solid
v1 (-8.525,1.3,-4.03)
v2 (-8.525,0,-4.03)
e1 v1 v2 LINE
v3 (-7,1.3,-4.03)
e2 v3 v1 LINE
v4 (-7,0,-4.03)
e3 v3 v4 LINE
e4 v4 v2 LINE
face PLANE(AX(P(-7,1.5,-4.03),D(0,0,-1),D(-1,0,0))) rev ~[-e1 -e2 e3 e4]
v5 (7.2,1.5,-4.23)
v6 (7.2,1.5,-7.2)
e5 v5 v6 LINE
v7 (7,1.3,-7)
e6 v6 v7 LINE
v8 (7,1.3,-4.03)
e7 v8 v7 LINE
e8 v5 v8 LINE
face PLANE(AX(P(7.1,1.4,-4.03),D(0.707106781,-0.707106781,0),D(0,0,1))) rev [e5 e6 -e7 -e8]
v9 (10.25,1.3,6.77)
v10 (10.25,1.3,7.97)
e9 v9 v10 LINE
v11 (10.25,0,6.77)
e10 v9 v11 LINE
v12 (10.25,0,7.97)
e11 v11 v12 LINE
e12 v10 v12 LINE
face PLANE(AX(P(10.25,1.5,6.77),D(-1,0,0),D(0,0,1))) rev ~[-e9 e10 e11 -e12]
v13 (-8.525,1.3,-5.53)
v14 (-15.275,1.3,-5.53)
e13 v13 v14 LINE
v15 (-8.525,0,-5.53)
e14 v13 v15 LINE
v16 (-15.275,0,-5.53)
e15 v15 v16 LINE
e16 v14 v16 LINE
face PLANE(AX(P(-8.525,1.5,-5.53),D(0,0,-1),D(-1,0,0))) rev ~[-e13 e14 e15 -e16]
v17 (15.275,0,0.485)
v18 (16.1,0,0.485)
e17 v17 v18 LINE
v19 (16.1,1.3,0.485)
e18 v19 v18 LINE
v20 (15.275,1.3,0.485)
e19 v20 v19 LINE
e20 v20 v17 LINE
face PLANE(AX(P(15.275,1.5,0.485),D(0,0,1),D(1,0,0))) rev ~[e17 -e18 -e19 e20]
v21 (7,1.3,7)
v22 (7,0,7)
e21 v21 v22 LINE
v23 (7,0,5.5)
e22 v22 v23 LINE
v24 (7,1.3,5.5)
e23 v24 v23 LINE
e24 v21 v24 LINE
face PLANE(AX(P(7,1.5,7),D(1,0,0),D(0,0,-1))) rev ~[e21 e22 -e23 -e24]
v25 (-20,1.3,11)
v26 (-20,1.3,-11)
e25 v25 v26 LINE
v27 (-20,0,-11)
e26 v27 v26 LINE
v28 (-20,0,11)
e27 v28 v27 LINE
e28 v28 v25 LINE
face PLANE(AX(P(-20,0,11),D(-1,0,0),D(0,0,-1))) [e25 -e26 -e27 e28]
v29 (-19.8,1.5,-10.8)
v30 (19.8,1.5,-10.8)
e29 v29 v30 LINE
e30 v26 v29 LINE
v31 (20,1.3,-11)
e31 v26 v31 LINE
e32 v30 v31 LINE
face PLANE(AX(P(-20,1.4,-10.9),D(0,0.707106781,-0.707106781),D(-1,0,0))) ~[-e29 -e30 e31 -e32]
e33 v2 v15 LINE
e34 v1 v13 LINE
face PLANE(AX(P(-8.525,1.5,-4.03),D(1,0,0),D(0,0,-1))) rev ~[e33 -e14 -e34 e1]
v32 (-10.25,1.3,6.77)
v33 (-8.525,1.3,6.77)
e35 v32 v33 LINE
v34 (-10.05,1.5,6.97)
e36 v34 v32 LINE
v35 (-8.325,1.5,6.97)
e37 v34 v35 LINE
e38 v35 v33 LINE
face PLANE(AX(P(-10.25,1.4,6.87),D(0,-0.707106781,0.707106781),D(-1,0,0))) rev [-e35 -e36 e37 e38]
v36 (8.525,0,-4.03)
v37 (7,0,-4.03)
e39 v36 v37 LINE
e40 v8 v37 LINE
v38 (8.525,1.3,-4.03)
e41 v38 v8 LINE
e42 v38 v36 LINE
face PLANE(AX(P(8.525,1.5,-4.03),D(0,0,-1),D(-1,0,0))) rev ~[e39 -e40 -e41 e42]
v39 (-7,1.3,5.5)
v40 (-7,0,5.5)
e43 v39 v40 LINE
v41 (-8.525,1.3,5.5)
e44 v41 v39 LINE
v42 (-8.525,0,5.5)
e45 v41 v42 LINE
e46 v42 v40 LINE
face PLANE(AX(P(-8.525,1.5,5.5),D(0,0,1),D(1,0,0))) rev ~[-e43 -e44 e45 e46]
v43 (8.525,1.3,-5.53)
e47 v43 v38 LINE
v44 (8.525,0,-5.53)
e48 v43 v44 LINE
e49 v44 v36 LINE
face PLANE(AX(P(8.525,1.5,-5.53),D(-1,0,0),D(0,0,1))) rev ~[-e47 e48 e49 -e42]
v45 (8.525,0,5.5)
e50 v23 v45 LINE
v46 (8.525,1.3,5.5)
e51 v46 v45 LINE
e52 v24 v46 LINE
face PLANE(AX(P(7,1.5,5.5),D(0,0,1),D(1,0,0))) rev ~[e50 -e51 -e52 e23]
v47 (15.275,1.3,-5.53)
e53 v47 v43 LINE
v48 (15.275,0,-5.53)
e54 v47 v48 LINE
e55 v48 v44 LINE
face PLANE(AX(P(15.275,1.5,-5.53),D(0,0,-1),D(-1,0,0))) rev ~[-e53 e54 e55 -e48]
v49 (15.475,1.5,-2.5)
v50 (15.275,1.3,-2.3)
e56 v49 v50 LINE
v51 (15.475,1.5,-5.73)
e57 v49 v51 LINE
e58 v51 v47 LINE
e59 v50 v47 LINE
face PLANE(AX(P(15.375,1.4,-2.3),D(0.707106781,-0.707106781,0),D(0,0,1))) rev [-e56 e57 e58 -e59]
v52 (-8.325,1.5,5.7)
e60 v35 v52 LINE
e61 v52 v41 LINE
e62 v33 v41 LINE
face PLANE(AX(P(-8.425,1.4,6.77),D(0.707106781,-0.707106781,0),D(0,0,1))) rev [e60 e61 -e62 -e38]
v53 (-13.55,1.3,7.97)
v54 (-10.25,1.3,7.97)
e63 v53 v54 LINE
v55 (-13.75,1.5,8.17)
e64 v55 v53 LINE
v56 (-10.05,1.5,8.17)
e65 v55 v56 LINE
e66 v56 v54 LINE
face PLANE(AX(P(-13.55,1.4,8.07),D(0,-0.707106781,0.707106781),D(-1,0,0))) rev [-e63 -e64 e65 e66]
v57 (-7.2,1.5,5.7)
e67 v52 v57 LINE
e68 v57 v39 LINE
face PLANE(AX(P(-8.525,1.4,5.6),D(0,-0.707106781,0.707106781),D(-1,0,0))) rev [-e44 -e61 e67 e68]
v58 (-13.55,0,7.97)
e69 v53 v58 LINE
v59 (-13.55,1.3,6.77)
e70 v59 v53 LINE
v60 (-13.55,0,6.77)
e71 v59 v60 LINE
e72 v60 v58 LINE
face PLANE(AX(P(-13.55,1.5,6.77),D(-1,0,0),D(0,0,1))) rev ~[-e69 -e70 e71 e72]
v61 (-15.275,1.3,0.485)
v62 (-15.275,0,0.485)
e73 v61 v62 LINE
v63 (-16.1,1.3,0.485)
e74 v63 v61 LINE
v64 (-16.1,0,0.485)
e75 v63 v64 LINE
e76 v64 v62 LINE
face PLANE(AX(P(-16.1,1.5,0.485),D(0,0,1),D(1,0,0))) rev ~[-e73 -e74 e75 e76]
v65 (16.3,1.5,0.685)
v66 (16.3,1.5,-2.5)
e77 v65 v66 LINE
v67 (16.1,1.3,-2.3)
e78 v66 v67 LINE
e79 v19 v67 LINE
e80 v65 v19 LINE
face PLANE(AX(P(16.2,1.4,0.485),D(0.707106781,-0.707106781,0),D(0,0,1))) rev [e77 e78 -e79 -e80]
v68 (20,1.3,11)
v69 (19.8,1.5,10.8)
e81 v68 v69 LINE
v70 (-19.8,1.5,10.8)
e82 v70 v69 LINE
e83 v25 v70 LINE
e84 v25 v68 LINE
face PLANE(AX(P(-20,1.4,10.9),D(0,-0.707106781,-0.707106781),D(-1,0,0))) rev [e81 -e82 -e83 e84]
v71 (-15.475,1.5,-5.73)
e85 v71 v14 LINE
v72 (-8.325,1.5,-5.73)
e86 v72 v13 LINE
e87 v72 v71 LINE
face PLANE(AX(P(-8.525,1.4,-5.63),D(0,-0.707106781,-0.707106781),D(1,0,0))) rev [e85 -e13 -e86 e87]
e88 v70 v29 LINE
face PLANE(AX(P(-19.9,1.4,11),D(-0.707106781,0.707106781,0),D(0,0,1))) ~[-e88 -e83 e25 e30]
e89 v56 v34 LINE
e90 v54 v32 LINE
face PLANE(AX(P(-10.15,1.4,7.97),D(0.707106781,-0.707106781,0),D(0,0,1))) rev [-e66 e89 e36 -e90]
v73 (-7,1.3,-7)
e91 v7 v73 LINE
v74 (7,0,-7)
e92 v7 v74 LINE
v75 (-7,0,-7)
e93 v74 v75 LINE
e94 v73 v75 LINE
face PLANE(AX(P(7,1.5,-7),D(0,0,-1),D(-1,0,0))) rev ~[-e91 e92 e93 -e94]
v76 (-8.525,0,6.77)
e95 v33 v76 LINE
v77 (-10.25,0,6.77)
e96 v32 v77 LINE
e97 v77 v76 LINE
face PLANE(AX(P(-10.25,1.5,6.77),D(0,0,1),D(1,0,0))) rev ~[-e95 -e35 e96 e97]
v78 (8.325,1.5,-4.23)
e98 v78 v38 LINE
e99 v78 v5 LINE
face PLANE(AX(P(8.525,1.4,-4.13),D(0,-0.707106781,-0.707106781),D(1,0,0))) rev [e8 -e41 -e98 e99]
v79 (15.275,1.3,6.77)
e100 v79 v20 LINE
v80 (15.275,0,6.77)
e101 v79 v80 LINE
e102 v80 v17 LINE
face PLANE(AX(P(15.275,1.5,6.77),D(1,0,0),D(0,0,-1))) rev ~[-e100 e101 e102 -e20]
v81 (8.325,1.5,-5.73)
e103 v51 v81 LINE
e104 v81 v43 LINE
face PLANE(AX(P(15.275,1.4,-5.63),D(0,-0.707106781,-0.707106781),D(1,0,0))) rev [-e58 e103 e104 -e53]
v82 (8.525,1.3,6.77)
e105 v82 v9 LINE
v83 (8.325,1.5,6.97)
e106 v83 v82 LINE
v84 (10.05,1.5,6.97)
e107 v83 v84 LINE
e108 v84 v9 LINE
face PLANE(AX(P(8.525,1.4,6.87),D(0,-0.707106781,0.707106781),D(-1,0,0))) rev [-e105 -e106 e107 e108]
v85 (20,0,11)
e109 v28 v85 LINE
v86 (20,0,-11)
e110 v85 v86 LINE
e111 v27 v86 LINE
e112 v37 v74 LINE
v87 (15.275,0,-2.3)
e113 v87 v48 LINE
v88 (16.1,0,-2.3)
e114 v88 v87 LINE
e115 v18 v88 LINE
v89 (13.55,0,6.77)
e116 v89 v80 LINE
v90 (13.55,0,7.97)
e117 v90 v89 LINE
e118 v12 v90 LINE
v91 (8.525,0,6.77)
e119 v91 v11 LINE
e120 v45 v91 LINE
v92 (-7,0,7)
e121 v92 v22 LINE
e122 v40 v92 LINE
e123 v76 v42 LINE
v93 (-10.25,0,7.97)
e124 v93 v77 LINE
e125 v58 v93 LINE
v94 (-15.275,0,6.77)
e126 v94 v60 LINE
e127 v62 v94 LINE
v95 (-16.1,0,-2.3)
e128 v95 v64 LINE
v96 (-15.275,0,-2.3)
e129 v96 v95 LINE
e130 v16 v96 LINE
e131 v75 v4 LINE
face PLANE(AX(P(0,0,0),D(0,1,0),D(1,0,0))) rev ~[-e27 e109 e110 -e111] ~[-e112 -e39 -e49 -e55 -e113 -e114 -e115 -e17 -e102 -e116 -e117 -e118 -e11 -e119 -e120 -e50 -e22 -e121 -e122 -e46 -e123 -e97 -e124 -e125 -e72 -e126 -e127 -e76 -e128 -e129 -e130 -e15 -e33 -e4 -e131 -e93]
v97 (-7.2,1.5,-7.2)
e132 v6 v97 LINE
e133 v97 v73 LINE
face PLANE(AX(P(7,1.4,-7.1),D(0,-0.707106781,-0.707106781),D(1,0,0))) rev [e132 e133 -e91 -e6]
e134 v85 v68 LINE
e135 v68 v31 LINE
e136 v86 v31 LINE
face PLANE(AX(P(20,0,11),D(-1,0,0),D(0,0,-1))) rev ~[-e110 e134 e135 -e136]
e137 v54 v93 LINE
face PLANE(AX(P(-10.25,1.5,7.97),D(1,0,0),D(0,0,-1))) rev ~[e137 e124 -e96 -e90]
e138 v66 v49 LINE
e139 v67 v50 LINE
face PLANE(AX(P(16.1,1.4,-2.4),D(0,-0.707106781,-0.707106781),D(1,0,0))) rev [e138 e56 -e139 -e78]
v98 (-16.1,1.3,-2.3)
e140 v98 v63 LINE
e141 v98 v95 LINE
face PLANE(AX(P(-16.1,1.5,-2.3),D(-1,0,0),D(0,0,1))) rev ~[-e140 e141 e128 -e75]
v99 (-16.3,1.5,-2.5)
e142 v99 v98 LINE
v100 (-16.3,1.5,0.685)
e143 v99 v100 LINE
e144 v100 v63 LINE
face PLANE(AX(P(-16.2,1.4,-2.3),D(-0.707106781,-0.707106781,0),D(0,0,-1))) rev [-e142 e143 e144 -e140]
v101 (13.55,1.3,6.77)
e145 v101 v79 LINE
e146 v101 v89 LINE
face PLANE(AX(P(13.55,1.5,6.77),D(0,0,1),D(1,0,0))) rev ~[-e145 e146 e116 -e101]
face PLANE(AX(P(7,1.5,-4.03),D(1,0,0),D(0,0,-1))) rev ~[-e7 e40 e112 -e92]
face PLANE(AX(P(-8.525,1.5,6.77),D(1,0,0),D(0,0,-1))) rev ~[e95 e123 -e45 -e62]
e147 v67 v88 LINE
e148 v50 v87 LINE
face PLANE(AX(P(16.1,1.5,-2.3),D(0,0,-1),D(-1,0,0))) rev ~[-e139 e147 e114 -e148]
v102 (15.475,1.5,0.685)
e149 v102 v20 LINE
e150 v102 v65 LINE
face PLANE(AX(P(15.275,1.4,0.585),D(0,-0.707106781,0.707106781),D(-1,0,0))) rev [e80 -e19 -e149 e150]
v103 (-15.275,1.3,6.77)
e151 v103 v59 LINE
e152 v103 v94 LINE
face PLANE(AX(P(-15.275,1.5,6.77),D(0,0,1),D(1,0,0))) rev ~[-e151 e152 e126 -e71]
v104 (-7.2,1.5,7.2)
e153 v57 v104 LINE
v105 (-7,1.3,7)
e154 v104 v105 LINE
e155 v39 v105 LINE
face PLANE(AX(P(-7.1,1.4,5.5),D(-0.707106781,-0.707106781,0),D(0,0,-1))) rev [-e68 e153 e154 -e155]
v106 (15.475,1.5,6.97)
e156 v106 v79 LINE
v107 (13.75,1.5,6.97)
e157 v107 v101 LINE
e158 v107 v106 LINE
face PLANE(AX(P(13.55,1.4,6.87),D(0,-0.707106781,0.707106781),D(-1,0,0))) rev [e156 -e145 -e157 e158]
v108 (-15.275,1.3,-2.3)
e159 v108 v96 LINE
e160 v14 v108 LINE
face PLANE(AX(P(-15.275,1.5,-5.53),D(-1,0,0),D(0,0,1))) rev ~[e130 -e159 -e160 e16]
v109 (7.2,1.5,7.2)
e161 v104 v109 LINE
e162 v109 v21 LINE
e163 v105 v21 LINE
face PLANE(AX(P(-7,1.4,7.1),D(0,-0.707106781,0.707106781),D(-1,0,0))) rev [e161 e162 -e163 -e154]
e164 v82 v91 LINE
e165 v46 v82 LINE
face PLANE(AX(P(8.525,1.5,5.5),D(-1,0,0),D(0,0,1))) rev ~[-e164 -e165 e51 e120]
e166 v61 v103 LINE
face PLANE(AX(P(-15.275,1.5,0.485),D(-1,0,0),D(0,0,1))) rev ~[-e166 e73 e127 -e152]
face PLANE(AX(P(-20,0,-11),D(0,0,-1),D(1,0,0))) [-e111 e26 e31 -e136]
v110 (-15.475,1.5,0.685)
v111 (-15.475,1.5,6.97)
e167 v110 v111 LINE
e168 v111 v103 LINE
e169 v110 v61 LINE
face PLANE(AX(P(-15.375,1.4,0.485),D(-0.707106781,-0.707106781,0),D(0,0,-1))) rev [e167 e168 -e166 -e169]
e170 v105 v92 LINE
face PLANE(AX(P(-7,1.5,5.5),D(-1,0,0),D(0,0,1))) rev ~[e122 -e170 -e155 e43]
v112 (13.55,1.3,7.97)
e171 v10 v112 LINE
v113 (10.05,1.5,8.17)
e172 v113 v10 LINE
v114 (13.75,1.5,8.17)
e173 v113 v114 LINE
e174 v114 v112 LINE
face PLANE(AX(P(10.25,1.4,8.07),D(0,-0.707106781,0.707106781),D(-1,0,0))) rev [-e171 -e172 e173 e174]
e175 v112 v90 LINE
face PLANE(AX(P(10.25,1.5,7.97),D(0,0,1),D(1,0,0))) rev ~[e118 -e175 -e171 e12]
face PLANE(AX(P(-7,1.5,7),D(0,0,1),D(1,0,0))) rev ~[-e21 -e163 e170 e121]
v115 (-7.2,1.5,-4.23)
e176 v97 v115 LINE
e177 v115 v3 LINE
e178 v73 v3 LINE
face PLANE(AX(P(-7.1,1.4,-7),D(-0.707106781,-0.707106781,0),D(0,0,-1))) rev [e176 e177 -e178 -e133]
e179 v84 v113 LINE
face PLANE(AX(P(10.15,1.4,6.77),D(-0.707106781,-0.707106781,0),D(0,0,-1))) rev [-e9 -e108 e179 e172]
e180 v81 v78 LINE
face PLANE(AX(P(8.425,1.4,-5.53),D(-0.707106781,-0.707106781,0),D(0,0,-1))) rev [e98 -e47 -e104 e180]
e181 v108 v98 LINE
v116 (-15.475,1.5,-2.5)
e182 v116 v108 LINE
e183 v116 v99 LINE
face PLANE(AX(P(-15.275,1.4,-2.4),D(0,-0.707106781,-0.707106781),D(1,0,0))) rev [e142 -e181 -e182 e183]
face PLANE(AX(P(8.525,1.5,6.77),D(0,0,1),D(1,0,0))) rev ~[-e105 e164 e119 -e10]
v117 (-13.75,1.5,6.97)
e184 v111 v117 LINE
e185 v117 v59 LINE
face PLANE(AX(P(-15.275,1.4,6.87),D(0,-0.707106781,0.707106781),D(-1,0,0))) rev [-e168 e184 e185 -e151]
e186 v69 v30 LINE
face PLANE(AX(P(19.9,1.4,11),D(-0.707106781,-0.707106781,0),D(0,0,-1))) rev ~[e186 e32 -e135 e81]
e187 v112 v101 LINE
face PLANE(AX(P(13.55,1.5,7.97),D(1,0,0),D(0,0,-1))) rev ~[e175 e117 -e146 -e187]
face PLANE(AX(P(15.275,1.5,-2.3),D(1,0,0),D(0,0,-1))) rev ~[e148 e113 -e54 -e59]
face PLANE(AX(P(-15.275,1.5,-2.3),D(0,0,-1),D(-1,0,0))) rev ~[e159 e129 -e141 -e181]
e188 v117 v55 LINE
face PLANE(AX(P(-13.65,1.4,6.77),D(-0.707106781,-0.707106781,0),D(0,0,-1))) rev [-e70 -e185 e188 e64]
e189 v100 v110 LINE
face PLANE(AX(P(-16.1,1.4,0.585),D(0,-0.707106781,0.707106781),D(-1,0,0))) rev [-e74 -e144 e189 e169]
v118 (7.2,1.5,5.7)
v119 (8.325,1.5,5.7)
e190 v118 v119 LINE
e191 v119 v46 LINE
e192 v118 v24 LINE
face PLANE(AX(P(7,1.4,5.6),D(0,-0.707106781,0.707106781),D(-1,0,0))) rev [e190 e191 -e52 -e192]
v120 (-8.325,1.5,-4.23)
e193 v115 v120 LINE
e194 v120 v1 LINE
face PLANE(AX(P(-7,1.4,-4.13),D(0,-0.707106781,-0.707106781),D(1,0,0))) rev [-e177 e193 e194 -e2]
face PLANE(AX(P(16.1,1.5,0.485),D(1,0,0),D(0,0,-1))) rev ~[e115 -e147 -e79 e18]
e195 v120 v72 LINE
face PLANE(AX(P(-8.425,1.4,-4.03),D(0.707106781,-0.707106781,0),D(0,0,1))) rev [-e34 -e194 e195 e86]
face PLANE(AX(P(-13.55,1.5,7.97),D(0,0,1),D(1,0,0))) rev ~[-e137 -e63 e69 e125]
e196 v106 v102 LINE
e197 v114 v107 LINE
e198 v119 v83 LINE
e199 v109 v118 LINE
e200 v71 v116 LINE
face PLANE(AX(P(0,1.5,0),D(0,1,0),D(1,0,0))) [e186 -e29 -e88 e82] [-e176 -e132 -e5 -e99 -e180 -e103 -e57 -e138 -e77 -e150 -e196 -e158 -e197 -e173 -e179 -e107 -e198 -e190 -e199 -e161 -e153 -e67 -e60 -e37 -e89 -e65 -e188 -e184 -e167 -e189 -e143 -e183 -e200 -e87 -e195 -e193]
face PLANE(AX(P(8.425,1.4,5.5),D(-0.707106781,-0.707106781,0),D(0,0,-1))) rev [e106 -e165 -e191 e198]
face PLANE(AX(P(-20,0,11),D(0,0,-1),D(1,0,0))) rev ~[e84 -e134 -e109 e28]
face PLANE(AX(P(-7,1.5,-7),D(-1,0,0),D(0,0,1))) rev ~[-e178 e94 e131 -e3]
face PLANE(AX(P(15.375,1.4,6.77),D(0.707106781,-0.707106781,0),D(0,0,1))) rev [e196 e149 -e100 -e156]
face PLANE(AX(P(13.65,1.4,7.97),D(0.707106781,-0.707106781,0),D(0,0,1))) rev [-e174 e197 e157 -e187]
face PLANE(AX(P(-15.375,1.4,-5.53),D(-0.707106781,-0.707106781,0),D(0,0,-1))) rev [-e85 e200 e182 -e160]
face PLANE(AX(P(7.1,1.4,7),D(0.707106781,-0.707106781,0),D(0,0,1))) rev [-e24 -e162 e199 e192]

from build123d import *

# Parameters (mm, degrees)
SKETCH1_W           = 40
SKETCH1_H           = 22
BOSS_EXTRUDE1_DEPTH = 1.5
CUT_EXTRUDE1_DEPTH  = 2.5
CHAMFER1_SIZE       = 0.2


with BuildPart() as part:
    # Sketch1 → Boss-Extrude1 (new body)
    with BuildSketch(Plane(origin=(0, 0, 0), x_dir=(1, 0, 0), z_dir=(0, 1, 0))):
        Rectangle(SKETCH1_W, SKETCH1_H)
    extrude(amount=BOSS_EXTRUDE1_DEPTH)

    # Sketch2 → Cut-Extrude1 (cut, through all)
    with BuildSketch(Plane(origin=(0, 1.5, 0), x_dir=(1, 0, 0), z_dir=(0, 1, 0))):
        Polygon((-7, 4.03), (-8.525, 4.03), (-8.525, 5.53), (-15.275, 5.53), (-15.275, 2.3), (-16.1, 2.3), (-16.1, -0.485), (-15.275, -0.485), (-15.275, -6.77), (-13.55, -6.77), (-13.55, -7.97), (-10.25, -7.97), (-10.25, -6.77), (-8.525, -6.77), (-8.525, -5.5), (-7, -5.5), (-7, -7), (7, -7), (7, -5.5), (8.525, -5.5), (8.525, -6.77), (10.25, -6.77), (10.25, -7.97), (13.55, -7.97), (13.55, -6.77), (15.275, -6.77), (15.275, -0.485), (16.1, -0.485), (16.1, 2.3), (15.275, 2.3), (15.275, 5.53), (8.525, 5.53), (8.525, 4.03), (7, 4.03), (7, 7), (-7, 7), align=None)
    extrude(amount=-CUT_EXTRUDE1_DEPTH, mode=Mode.SUBTRACT)

    # Chamfer1
    chamfer1_edges = [part.edges().sort_by_distance(p)[0] for p in [
        (-20, 1.5, 0),
        (0, 1.5, 11),
        (20, 1.5, 0),
        (7, 1.5, 6.25),
        (7.7625, 1.5, 5.5),
        (8.525, 1.5, 6.135),
        (9.3875, 1.5, 6.77),
        (10.25, 1.5, 7.37),
        (11.9, 1.5, 7.97),
        (13.55, 1.5, 7.37),
        (14.4125, 1.5, 6.77),
        (15.275, 1.5, 3.6275),
        (15.6875, 1.5, 0.485),
        (16.1, 1.5, -0.9075),
        (15.6875, 1.5, -2.3),
        (15.275, 1.5, -3.915),
        (11.9, 1.5, -5.53),
        (8.525, 1.5, -4.78),
        (7.7625, 1.5, -4.03),
        (7, 1.5, -5.515),
        (0, 1.5, -7),
        (-7, 1.5, -5.515),
        (-7.7625, 1.5, -4.03),
        (-8.525, 1.5, -4.78),
        (-11.9, 1.5, -5.53),
        (-15.275, 1.5, -3.915),
        (-15.6875, 1.5, -2.3),
        (-16.1, 1.5, -0.9075),
        (-15.6875, 1.5, 0.485),
        (-15.275, 1.5, 3.6275),
        (-14.4125, 1.5, 6.77),
        (-13.55, 1.5, 7.37),
        (-11.9, 1.5, 7.97),
        (-10.25, 1.5, 7.37),
        (-9.3875, 1.5, 6.77),
        (-8.525, 1.5, 6.135),
        (-7.7625, 1.5, 5.5),
        (-7, 1.5, 6.25),
        (0, 1.5, 7),
        (0, 1.5, -11),
    ]]
    chamfer(chamfer1_edges, length=CHAMFER1_SIZE)


solid = part.part
